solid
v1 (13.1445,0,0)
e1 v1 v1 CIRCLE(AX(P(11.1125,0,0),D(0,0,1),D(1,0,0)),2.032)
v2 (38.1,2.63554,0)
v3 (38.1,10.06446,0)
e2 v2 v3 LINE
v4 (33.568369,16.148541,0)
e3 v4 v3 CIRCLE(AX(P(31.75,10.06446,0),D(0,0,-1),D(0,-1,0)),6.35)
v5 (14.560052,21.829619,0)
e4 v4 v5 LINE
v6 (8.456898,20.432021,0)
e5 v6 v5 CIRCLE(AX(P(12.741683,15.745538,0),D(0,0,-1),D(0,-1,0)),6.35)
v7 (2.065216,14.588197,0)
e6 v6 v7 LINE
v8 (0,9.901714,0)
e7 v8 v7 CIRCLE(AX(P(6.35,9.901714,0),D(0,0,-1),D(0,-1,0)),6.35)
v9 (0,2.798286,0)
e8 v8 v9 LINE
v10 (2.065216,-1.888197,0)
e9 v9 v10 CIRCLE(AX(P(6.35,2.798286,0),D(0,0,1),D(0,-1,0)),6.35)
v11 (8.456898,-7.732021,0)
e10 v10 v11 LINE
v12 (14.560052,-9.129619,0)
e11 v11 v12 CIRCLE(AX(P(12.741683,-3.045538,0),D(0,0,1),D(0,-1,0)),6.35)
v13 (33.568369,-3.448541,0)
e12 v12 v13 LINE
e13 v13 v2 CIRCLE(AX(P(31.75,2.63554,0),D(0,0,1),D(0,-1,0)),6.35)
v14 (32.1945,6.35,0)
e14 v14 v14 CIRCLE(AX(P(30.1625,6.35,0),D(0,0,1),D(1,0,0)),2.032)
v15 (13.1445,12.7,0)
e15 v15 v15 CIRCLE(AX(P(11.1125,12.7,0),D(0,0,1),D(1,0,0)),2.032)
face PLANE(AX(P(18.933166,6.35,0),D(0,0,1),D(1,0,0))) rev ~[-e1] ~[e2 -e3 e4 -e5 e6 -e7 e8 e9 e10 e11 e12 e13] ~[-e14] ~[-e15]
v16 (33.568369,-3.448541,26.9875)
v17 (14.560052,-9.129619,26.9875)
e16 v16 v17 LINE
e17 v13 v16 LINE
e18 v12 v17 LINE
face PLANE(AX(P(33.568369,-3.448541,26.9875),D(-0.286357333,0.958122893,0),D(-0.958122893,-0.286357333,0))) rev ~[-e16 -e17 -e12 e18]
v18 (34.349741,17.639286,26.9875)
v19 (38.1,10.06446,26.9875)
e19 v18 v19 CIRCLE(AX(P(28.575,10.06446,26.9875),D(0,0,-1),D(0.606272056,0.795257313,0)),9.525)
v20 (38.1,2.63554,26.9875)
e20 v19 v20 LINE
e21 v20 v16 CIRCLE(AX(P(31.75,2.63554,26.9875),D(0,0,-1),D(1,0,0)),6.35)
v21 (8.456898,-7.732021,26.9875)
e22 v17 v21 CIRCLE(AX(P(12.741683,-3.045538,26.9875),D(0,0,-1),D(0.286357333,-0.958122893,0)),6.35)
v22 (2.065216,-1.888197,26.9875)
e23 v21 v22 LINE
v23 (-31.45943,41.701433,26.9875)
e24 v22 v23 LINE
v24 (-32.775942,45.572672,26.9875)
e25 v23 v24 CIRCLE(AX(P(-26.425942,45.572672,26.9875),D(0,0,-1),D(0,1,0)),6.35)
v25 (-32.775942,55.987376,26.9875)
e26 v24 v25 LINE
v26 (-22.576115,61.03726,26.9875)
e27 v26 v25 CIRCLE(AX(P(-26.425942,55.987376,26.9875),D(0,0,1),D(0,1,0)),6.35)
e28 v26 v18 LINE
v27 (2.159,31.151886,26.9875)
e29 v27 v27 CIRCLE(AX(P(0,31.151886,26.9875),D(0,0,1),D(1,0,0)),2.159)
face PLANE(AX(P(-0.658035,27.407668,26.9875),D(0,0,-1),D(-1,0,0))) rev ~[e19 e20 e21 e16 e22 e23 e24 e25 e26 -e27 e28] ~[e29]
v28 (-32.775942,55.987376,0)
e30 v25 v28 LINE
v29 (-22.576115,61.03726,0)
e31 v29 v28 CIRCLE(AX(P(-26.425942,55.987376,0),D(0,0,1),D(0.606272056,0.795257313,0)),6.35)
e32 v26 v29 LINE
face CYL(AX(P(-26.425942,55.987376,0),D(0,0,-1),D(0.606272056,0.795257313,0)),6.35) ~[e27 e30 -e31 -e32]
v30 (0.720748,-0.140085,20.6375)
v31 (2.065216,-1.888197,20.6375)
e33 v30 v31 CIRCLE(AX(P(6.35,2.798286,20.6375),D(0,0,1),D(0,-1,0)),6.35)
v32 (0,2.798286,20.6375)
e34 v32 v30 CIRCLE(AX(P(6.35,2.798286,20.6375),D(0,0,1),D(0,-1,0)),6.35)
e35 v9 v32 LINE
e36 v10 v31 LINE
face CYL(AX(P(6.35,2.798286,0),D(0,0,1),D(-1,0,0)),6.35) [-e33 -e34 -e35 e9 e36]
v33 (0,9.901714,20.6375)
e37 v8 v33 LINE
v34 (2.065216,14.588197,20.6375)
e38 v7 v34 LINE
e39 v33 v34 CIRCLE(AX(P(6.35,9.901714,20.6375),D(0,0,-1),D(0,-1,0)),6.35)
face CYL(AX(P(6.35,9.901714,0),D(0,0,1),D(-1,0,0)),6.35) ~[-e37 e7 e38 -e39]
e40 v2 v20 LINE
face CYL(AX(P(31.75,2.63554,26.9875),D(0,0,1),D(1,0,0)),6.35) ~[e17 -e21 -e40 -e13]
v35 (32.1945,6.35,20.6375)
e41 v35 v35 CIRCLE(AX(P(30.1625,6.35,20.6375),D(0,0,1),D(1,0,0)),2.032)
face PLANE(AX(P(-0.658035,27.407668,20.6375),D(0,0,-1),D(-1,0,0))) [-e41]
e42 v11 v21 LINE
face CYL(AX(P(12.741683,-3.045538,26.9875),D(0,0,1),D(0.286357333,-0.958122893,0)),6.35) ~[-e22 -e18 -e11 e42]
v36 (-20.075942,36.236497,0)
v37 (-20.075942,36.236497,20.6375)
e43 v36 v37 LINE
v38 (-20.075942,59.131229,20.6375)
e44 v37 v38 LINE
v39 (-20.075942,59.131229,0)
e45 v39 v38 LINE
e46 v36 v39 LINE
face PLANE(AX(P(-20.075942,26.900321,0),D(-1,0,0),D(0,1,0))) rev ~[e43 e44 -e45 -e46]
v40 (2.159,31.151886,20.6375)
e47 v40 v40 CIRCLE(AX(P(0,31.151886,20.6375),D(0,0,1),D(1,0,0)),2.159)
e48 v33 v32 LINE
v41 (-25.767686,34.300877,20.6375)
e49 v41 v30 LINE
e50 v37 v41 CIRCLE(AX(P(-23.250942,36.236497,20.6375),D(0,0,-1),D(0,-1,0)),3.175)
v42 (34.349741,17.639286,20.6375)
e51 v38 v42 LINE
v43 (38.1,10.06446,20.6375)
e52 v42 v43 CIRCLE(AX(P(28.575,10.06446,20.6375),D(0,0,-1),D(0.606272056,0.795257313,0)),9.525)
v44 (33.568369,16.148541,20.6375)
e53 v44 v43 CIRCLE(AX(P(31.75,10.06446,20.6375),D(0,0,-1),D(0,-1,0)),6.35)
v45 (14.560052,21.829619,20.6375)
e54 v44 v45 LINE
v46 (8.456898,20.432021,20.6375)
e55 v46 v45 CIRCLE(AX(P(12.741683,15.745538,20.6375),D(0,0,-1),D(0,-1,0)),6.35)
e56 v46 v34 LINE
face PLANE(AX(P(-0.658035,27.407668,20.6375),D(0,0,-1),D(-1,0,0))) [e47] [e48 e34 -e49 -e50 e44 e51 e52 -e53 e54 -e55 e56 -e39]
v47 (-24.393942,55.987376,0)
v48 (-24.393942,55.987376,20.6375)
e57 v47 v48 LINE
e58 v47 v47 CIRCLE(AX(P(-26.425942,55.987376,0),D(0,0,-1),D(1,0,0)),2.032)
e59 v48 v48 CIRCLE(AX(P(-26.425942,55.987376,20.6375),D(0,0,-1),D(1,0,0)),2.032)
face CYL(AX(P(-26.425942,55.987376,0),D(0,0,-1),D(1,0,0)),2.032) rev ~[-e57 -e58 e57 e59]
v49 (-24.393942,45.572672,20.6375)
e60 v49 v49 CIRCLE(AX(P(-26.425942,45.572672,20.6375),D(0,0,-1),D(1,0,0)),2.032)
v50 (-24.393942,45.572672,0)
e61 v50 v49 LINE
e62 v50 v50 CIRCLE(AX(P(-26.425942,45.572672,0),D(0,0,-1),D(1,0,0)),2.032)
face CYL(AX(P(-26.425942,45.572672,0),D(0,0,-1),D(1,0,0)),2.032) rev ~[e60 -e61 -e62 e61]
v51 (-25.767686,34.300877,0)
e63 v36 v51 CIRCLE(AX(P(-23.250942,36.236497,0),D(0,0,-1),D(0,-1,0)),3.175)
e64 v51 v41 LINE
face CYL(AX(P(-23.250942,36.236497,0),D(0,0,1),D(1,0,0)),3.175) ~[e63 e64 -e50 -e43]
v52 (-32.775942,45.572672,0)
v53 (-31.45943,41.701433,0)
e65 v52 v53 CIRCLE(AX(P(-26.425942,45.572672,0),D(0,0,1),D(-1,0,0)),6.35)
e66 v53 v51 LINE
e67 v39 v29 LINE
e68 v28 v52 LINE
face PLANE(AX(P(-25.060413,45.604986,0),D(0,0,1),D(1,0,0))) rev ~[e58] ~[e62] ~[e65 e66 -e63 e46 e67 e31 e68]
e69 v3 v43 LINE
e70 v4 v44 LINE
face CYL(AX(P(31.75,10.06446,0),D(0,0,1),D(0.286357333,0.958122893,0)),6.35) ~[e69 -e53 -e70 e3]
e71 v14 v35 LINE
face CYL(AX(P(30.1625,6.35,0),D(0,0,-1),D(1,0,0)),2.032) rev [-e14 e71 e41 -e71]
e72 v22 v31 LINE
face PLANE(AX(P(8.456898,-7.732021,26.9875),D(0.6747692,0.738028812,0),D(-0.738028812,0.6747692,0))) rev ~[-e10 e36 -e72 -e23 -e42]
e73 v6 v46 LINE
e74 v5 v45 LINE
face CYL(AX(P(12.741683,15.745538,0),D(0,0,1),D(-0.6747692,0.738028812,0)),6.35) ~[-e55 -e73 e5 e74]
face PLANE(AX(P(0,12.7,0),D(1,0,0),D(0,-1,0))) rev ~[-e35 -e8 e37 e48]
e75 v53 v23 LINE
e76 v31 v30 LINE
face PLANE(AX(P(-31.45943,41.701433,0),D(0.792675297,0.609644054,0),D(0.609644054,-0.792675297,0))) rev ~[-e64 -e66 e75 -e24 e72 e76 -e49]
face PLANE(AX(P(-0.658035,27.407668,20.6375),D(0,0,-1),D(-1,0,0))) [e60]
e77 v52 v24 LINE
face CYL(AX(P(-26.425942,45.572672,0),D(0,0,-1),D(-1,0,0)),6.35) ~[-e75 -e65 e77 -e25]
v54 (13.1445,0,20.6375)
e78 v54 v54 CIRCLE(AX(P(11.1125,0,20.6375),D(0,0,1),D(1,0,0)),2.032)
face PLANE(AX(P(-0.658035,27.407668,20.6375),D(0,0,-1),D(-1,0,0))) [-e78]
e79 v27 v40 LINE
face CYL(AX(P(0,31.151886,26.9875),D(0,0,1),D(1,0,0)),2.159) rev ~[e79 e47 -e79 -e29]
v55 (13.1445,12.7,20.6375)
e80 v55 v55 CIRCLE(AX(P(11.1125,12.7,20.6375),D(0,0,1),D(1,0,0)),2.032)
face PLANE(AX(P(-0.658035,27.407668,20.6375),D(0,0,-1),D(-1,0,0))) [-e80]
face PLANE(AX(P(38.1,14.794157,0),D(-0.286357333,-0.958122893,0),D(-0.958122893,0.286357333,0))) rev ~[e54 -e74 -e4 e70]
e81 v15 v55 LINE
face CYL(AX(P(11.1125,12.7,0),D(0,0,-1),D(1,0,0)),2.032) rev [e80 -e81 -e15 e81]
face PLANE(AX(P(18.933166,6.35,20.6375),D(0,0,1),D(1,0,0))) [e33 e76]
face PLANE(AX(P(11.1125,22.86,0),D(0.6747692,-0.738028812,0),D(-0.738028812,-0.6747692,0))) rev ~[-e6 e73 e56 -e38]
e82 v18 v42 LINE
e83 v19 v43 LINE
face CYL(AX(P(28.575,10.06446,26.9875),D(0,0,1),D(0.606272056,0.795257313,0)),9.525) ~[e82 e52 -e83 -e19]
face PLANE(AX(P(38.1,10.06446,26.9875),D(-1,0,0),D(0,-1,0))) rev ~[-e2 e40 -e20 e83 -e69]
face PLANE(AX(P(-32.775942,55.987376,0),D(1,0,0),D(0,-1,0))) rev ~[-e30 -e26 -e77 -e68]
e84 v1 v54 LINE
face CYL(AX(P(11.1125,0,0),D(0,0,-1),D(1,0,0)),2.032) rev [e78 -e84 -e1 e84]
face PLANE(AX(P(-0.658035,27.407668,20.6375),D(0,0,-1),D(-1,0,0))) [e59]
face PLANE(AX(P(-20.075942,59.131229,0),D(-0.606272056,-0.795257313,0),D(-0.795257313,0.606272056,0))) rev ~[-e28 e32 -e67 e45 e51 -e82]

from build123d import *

# Parameters (mm, degrees)
SKETCH1_R           = 2.0319999999999987
SKETCH1_R_2         = 2.0320000000000005
BOSS_EXTRUDE1_DEPTH = 20.6375
FILLET1_R           = 6.35
BOSS_EXTRUDE2_START = 6.35
SKETCH3_R           = 2.159000000000005
BOSS_EXTRUDE2_DEPTH = 6.35
FILLET2_R           = 6.35
BOSS_EXTRUDE3_START = 20.6375
SKETCH4_R           = 2.032
BOSS_EXTRUDE3_DEPTH = 20.6375
FILLET3_R           = 3.175


with BuildPart() as part:
    # Sketch1 → Boss-Extrude1 (new body)
    with BuildSketch(Plane.XY):
        Polygon((0, 12.7), (0, 0), (11.112499999999999, -10.159999999999995), (38.1, -2.094157314500878), (38.1, 14.794157314500877), (11.112499999999999, 22.86), align=None)
        with Locations((11.112499999999999, 0)):
            Circle(SKETCH1_R, mode=Mode.SUBTRACT)
        with Locations((30.1625, 6.35)):
            Circle(SKETCH1_R_2, mode=Mode.SUBTRACT)
        with Locations((11.112499999999999, 12.7)):
            Circle(SKETCH1_R, mode=Mode.SUBTRACT)
    extrude(amount=BOSS_EXTRUDE1_DEPTH)

    # Fillet1
    fillet1_edges = [part.edges().sort_by_distance(p)[0] for p in [
        (0, 12.7, 10.31875),
        (11.112499999999999, 22.86, 10.31875),
        (38.1, 14.794157314500877, 10.31875),
        (38.1, -2.094157314500878, 10.31875),
        (11.112499999999999, -10.159999999999995, 10.31875),
        (0, 0, 10.31875),
    ]]
    fillet(fillet1_edges, radius=FILLET1_R)

    # Sketch3 → Boss-Extrude2 (add)
    with BuildSketch(Plane.XY.offset(20.6375).offset(BOSS_EXTRUDE2_START)):
        with BuildLine():
            Line((2.06521558288966, -1.888197104356259), (-32.77594211232474, 43.413196146372826))
            Line((-32.77594211232474, 43.413196146372826), (-32.77594211232474, 68.81319614637282))
            Line((-32.77594211232474, 68.81319614637282), (34.3497413303207, 17.639286263258136))
            ThreePointArc((34.3497413303207, 17.639286263258136), (37.1111008713377, 14.290641479729842), (38.1, 10.064460353186902))
            Line((38.1, 10.064460353186902), (38.1, 2.635539646813099))
            ThreePointArc((38.1, 2.635539646813099), (36.84259970760916, -1.157602614961311), (33.56836906517824, -3.448540722708889))
            Line((33.56836906517824, -3.448540722708889), (14.560051921917028, -9.129618843824993))
            ThreePointArc((14.560051921917028, -9.129618843824993), (11.324248271129079, -9.235318696210516), (8.456898439628453, -7.732021430517442))
            Line((8.456898439628453, -7.732021430517442), (2.06521558288966, -1.888197104356259))
        make_face()
        with Locations((1.57895919e-09, 31.151886065390322)):
            Circle(SKETCH3_R, mode=Mode.SUBTRACT)
    extrude(amount=-BOSS_EXTRUDE2_DEPTH)

    # Fillet2
    fillet2_edges = [part.edges().sort_by_distance(p)[0] for p in [
        (-32.77594211232474, 68.81319614637282, 23.812499999999996),
        (-32.77594211232474, 43.413196146372826, 23.812499999999996),
    ]]
    fillet(fillet2_edges, radius=FILLET2_R)

    # Sketch4 → Boss-Extrude3 (add)
    with BuildSketch(Plane(origin=(0, 0, 20.6375), x_dir=(-1, 0, 0), z_dir=(0, 0, -1)).offset(BOSS_EXTRUDE3_START)):
        with BuildLine():
            Line((32.77594211232474, 55.98737564555251), (32.77594211232474, 45.5726724047695))
            ThreePointArc((32.77594211232474, 45.5726724047695), (32.437811608681876, 43.52818587784627), (31.459430251294627, 41.701432660856774))
            Line((31.459430251294627, 41.701432660856774), (20.075942112324743, 26.900320790245356))
            Line((20.075942112324743, 26.900320790245356), (20.075942112324743, 59.13122909316789))
            Line((20.075942112324743, 59.13122909316789), (22.576114558777622, 61.03725958559999))
            ThreePointArc((22.576114558777622, 61.03725958559999), (29.243396196686703, 61.678109559777646), (32.77594211232474, 55.98737564555251))
        make_face()
        with Locations(Location((26.42594211232474, 55.98737564555251, 0), (0, 0, 180))):
            Circle(SKETCH4_R, mode=Mode.SUBTRACT)
        with Locations(Location((26.42594211232474, 45.5726724047695, 0), (0, 0, 180))):
            Circle(SKETCH4_R, mode=Mode.SUBTRACT)
    extrude(amount=-BOSS_EXTRUDE3_DEPTH)

    # Fillet3
    fillet3_edges = [part.edges().sort_by_distance(p)[0] for p in [
        (-20.075942112324743, 26.900320790245356, 10.31875),
    ]]
    fillet(fillet3_edges, radius=FILLET3_R)


solid = part.part
